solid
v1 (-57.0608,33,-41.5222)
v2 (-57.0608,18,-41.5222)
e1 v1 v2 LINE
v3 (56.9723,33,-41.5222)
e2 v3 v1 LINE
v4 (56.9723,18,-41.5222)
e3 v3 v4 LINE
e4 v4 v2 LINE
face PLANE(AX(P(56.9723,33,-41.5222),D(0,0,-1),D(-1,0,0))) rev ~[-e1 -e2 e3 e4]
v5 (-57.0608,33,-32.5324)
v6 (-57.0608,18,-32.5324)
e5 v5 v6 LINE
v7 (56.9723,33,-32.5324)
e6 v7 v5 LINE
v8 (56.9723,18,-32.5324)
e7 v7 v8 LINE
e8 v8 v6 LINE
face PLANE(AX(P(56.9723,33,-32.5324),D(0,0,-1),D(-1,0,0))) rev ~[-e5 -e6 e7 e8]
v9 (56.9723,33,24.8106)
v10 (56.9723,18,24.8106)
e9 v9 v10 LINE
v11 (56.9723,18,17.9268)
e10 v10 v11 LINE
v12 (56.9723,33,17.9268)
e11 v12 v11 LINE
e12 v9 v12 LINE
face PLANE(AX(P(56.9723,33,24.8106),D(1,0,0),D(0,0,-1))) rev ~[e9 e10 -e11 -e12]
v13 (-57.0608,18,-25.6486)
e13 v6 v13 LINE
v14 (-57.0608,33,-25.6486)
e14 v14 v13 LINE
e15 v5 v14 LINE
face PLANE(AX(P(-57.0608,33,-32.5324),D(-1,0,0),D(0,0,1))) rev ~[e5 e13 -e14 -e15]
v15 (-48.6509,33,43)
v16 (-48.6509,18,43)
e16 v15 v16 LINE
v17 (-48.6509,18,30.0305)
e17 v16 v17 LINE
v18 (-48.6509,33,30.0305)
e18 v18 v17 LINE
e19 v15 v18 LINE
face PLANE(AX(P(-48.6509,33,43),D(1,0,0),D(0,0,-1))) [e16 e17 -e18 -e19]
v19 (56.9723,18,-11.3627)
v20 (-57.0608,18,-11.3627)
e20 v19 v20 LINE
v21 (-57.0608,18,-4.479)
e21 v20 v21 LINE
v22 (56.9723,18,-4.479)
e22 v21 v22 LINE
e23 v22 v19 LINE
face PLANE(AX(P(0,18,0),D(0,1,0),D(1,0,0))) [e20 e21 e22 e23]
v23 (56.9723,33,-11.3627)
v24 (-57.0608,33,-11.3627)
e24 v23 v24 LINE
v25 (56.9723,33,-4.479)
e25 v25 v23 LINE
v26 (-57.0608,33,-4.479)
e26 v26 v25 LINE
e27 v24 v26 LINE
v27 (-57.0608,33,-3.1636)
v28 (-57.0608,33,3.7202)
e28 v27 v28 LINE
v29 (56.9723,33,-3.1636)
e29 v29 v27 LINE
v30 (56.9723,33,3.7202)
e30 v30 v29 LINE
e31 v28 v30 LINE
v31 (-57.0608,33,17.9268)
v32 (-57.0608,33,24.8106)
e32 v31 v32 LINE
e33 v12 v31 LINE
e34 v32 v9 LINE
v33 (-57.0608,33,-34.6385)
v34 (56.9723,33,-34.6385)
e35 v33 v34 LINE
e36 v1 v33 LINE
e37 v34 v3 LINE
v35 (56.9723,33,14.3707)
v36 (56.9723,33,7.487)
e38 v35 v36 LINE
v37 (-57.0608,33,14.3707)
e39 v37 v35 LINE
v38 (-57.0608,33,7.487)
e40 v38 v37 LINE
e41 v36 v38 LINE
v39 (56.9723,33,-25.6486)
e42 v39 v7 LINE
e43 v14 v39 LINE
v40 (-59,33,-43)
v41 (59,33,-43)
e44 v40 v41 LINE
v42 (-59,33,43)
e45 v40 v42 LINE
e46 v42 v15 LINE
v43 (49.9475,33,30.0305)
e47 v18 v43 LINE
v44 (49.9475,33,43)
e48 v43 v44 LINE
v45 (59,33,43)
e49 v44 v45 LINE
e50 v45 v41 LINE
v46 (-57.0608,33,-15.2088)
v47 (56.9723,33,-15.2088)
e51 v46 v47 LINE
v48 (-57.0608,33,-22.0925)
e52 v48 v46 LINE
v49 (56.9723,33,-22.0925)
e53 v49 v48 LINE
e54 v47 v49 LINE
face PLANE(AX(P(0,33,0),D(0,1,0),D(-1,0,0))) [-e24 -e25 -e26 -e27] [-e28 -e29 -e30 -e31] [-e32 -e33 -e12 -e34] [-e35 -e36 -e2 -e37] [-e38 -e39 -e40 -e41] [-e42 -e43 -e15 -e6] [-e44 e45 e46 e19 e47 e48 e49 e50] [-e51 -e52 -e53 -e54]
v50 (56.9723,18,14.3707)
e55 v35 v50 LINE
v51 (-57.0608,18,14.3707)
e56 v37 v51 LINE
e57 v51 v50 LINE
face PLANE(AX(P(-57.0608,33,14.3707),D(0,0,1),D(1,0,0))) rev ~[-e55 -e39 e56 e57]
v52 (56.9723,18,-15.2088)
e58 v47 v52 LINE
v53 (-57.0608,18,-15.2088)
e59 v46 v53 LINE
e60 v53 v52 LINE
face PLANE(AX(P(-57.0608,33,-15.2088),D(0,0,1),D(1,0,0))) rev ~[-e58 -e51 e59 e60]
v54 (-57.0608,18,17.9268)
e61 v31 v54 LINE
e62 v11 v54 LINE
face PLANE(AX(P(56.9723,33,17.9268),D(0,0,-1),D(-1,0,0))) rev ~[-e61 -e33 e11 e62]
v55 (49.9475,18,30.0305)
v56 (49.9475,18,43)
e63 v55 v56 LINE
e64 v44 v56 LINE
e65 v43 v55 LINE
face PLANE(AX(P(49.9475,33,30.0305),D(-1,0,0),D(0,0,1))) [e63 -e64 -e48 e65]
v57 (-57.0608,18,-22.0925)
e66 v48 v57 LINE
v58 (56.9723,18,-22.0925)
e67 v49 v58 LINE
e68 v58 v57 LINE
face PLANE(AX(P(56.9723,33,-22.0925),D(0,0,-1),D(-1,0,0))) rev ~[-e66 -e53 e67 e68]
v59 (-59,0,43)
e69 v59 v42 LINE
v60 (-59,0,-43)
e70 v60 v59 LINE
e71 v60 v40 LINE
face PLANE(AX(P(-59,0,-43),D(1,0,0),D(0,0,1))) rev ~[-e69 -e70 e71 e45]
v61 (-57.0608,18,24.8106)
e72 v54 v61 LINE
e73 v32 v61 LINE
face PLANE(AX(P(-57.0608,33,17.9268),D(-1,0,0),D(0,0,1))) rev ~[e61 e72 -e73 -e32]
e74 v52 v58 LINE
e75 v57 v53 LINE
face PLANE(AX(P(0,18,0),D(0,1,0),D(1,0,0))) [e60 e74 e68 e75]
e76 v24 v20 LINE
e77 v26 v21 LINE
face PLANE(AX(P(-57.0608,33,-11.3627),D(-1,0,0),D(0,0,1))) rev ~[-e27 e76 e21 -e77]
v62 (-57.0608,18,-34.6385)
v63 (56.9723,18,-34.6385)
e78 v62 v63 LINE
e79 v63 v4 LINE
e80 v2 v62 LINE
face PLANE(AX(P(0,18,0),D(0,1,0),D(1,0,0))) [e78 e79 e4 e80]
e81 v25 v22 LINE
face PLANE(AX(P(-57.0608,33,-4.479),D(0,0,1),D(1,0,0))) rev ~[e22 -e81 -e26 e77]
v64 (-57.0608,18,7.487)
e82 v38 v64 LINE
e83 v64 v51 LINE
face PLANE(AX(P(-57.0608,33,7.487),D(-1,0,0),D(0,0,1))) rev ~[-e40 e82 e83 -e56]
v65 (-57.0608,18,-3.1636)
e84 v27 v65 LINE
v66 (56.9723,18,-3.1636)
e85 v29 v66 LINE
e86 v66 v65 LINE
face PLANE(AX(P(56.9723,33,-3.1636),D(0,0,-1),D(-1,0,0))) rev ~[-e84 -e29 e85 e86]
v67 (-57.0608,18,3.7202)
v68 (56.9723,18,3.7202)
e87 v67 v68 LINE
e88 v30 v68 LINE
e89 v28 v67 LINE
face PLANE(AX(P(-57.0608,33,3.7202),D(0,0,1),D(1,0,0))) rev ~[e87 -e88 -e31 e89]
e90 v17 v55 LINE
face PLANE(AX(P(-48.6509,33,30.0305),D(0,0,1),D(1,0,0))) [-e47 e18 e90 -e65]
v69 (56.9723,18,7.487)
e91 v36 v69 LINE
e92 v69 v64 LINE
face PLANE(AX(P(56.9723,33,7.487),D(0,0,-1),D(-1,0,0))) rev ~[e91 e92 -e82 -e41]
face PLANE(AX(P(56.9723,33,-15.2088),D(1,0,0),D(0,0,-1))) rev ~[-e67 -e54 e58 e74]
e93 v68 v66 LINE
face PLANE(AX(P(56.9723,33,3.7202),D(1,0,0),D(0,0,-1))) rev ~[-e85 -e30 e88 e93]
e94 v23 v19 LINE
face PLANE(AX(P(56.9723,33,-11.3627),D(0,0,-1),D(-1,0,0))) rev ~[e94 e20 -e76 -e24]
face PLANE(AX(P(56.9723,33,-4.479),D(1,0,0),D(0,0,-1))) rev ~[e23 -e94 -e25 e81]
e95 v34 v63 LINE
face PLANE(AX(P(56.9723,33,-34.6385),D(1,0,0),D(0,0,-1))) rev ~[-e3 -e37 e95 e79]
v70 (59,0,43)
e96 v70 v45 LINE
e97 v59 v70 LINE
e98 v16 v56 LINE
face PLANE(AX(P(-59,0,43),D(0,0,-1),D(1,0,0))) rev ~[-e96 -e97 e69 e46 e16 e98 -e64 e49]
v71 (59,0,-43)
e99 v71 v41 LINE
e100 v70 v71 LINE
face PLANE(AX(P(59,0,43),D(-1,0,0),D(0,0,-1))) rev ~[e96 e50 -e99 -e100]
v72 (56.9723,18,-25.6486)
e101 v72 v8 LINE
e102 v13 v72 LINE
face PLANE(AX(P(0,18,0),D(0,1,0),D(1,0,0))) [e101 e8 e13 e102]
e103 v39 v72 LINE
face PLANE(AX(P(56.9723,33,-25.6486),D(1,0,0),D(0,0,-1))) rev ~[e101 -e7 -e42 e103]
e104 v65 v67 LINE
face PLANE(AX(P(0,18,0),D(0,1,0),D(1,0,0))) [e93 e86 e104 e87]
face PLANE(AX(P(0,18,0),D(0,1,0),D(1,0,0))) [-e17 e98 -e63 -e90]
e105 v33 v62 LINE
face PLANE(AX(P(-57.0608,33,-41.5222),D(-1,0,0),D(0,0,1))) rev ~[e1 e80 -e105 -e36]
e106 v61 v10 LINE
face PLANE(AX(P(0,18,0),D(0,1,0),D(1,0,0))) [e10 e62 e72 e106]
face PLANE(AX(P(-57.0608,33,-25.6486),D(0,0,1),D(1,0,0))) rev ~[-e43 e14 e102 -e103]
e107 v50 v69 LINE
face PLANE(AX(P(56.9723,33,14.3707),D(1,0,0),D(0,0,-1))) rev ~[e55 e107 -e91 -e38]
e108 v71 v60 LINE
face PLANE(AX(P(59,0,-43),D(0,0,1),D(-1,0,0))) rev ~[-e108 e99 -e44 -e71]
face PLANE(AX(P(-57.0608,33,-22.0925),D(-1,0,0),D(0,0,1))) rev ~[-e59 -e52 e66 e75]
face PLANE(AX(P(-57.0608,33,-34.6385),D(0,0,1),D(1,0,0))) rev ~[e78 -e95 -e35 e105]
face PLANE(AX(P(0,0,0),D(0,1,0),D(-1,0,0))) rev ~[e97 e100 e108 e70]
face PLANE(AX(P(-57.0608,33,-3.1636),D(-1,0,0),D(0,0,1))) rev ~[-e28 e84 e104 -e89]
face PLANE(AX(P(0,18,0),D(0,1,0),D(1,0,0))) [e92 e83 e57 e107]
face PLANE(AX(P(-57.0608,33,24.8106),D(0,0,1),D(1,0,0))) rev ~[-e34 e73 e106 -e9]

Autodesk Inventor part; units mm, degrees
ref_plane "YZ Plane" through (0, 0, 0) normal (1, 0, 0) x (0, 1, 0)
ref_plane "XZ Plane" through (0, 0, 0) normal (0, 1, 0) x (-1, 0, 0)
ref_plane "XY Plane" through (0, 0, 0) normal (0, 0, 1) x (1, 0, 0)
sketch "Sketch1" plane through (0, 0, 0) normal (0, 1, 0) x (-1, 0, 0)
  line L0 (-59, -43) -> (59, -43)
  line L1 (59, -43) -> (59, 43)
  line L2 (59, 43) -> (-59, 43)
  line L3 (-59, 43) -> (-59, -43)
  line L4 (-59, -43) -> (59, 43) construction
  line L5 (59, -43) -> (-59, 43) construction
  line L6 (56.9723, 41.5222) -> (-57.0608, 41.5222)
  line L7 (-57.0608, 41.5222) -> (-57.0608, 34.6385)
  line L8 (-57.0608, 34.6385) -> (56.9723, 34.6385)
  line L9 (56.9723, 34.6385) -> (56.9723, 41.5222)
  line L10 (56.9723, 32.5324) -> (-57.0608, 32.5324)
  line L11 (-57.0608, 32.5324) -> (-57.0608, 25.6486)
  line L12 (-57.0608, 25.6486) -> (56.9723, 25.6486)
  line L13 (56.9723, 25.6486) -> (56.9723, 32.5324)
  line L14 (56.9723, 22.0925) -> (-57.0608, 22.0925)
  line L15 (-57.0608, 22.0925) -> (-57.0608, 15.2088)
  line L16 (-57.0608, 15.2088) -> (56.9723, 15.2088)
  line L17 (56.9723, 15.2088) -> (56.9723, 22.0925)
  line L18 (56.9723, 11.3627) -> (-57.0608, 11.3627)
  line L19 (-57.0608, 11.3627) -> (-57.0608, 4.479)
  line L20 (-57.0608, 4.479) -> (56.9723, 4.479)
  line L21 (56.9723, 4.479) -> (56.9723, 11.3627)
  line L22 (56.9723, 3.1636) -> (-57.0608, 3.1636)
  line L23 (-57.0608, 3.1636) -> (-57.0608, -3.7202)
  line L24 (-57.0608, -3.7202) -> (56.9723, -3.7202)
  line L25 (56.9723, -3.7202) -> (56.9723, 3.1636)
  line L26 (56.9723, -7.487) -> (-57.0608, -7.487)
  line L27 (-57.0608, -7.487) -> (-57.0608, -14.3707)
  line L28 (-57.0608, -14.3707) -> (56.9723, -14.3707)
  line L29 (56.9723, -14.3707) -> (56.9723, -7.487)
  line L30 (56.9723, -17.9268) -> (-57.0608, -17.9268)
  line L31 (-57.0608, -17.9268) -> (-57.0608, -24.8106)
  line L32 (-57.0608, -24.8106) -> (56.9723, -24.8106)
  line L33 (56.9723, -24.8106) -> (56.9723, -17.9268)
  line L34 (49.9475, -43) -> (-48.6509, -43)
  line L35 (-48.6509, -43) -> (-48.6509, -30.0305)
  line L36 (-48.6509, -30.0305) -> (49.9475, -30.0305)
  line L37 (49.9475, -30.0305) -> (49.9475, -43)
  point P0 (0, 0)
  dimension "d0" = 118
  dimension "d1" = 86
extrude "Extrusion1" add sketch "Sketch1" along normal blind 33 contours L3 L2 L1 L0 L37 L36 L35 | L35 L36 L37 L0 | L9 L8 L7 L6 | L13 L12 L11 L10 | L17 L16 L15 L14 | L21 L20 L19 L18 | L25 L24 L23 L22 | L29 L28 L27 L26 | L33 L32 L31 L30
sketch "Sketch2" plane through (0, 33, 0) normal (0, 1, 0) x (1, 0, 0)
  line L0 (-59, -43) -> (59, -43)
  line L1 (59, -43) -> (59, 43)
  line L2 (59, 43) -> (-59, 43)
  line L3 (-59, 43) -> (-59, -43)
  line L4 (-59, -43) -> (59, 43) construction
  line L5 (59, -43) -> (-59, 43) construction
  line L6 (56.9723, 41.5222) -> (-57.0608, 41.5222)
  line L7 (-57.0608, 41.5222) -> (-57.0608, 34.6385)
  line L8 (-57.0608, 34.6385) -> (56.9723, 34.6385)
  line L9 (56.9723, 34.6385) -> (56.9723, 41.5222)
  line L10 (56.9723, 25.6486) -> (56.9723, 32.5324)
  line L11 (-57.0608, 25.6486) -> (56.9723, 25.6486)
  line L12 (56.9723, 32.5324) -> (-57.0608, 32.5324)
  line L13 (-57.0608, 32.5324) -> (-57.0608, 25.6486)
  line L14 (56.9723, 15.2088) -> (56.9723, 22.0925)
  line L15 (-57.0608, 15.2088) -> (56.9723, 15.2088)
  line L16 (56.9723, 22.0925) -> (-57.0608, 22.0925)
  line L17 (-57.0608, 22.0925) -> (-57.0608, 15.2088)
  line L18 (56.9723, 4.479) -> (56.9723, 11.3627)
  line L19 (-57.0608, 4.479) -> (56.9723, 4.479)
  line L20 (56.9723, 11.3627) -> (-57.0608, 11.3627)
  line L21 (-57.0608, 11.3627) -> (-57.0608, 4.479)
  line L22 (56.9723, -3.7202) -> (56.9723, 3.1636)
  line L23 (-57.0608, -3.7202) -> (56.9723, -3.7202)
  line L24 (56.9723, 3.1636) -> (-57.0608, 3.1636)
  line L25 (-57.0608, 3.1636) -> (-57.0608, -3.7202)
  line L26 (56.9723, -14.3707) -> (56.9723, -7.487)
  line L27 (-57.0608, -14.3707) -> (56.9723, -14.3707)
  line L28 (56.9723, -7.487) -> (-57.0608, -7.487)
  line L29 (-57.0608, -7.487) -> (-57.0608, -14.3707)
  line L30 (56.9723, -24.8106) -> (56.9723, -17.9268)
  line L31 (-57.0608, -24.8106) -> (56.9723, -24.8106)
  line L32 (56.9723, -17.9268) -> (-57.0608, -17.9268)
  line L33 (-57.0608, -17.9268) -> (-57.0608, -24.8106)
  line L34 (49.9475, -43) -> (-48.6509, -43)
  line L35 (-48.6509, -43) -> (-48.6509, -30.0305)
  line L36 (-48.6509, -30.0305) -> (49.9475, -30.0305)
  line L37 (49.9475, -30.0305) -> (49.9475, -43)
  point P0 (0, 0)
  point P1 (0, 0)
  dimension "d4" = 118
  dimension "d5" = 86
extrude "Extrusion2" cut sketch "Sketch2" against normal blind 15 contours L35 L36 L37 L0 | L9 L8 L7 L6 | L11 L13 L12 L10 | L15 L17 L16 L14 | L19 L21 L20 L18 | L23 L25 L24 L22 | L27 L29 L28 L26 | L31 L33 L32 L30
properties part number "Motor_vez"
